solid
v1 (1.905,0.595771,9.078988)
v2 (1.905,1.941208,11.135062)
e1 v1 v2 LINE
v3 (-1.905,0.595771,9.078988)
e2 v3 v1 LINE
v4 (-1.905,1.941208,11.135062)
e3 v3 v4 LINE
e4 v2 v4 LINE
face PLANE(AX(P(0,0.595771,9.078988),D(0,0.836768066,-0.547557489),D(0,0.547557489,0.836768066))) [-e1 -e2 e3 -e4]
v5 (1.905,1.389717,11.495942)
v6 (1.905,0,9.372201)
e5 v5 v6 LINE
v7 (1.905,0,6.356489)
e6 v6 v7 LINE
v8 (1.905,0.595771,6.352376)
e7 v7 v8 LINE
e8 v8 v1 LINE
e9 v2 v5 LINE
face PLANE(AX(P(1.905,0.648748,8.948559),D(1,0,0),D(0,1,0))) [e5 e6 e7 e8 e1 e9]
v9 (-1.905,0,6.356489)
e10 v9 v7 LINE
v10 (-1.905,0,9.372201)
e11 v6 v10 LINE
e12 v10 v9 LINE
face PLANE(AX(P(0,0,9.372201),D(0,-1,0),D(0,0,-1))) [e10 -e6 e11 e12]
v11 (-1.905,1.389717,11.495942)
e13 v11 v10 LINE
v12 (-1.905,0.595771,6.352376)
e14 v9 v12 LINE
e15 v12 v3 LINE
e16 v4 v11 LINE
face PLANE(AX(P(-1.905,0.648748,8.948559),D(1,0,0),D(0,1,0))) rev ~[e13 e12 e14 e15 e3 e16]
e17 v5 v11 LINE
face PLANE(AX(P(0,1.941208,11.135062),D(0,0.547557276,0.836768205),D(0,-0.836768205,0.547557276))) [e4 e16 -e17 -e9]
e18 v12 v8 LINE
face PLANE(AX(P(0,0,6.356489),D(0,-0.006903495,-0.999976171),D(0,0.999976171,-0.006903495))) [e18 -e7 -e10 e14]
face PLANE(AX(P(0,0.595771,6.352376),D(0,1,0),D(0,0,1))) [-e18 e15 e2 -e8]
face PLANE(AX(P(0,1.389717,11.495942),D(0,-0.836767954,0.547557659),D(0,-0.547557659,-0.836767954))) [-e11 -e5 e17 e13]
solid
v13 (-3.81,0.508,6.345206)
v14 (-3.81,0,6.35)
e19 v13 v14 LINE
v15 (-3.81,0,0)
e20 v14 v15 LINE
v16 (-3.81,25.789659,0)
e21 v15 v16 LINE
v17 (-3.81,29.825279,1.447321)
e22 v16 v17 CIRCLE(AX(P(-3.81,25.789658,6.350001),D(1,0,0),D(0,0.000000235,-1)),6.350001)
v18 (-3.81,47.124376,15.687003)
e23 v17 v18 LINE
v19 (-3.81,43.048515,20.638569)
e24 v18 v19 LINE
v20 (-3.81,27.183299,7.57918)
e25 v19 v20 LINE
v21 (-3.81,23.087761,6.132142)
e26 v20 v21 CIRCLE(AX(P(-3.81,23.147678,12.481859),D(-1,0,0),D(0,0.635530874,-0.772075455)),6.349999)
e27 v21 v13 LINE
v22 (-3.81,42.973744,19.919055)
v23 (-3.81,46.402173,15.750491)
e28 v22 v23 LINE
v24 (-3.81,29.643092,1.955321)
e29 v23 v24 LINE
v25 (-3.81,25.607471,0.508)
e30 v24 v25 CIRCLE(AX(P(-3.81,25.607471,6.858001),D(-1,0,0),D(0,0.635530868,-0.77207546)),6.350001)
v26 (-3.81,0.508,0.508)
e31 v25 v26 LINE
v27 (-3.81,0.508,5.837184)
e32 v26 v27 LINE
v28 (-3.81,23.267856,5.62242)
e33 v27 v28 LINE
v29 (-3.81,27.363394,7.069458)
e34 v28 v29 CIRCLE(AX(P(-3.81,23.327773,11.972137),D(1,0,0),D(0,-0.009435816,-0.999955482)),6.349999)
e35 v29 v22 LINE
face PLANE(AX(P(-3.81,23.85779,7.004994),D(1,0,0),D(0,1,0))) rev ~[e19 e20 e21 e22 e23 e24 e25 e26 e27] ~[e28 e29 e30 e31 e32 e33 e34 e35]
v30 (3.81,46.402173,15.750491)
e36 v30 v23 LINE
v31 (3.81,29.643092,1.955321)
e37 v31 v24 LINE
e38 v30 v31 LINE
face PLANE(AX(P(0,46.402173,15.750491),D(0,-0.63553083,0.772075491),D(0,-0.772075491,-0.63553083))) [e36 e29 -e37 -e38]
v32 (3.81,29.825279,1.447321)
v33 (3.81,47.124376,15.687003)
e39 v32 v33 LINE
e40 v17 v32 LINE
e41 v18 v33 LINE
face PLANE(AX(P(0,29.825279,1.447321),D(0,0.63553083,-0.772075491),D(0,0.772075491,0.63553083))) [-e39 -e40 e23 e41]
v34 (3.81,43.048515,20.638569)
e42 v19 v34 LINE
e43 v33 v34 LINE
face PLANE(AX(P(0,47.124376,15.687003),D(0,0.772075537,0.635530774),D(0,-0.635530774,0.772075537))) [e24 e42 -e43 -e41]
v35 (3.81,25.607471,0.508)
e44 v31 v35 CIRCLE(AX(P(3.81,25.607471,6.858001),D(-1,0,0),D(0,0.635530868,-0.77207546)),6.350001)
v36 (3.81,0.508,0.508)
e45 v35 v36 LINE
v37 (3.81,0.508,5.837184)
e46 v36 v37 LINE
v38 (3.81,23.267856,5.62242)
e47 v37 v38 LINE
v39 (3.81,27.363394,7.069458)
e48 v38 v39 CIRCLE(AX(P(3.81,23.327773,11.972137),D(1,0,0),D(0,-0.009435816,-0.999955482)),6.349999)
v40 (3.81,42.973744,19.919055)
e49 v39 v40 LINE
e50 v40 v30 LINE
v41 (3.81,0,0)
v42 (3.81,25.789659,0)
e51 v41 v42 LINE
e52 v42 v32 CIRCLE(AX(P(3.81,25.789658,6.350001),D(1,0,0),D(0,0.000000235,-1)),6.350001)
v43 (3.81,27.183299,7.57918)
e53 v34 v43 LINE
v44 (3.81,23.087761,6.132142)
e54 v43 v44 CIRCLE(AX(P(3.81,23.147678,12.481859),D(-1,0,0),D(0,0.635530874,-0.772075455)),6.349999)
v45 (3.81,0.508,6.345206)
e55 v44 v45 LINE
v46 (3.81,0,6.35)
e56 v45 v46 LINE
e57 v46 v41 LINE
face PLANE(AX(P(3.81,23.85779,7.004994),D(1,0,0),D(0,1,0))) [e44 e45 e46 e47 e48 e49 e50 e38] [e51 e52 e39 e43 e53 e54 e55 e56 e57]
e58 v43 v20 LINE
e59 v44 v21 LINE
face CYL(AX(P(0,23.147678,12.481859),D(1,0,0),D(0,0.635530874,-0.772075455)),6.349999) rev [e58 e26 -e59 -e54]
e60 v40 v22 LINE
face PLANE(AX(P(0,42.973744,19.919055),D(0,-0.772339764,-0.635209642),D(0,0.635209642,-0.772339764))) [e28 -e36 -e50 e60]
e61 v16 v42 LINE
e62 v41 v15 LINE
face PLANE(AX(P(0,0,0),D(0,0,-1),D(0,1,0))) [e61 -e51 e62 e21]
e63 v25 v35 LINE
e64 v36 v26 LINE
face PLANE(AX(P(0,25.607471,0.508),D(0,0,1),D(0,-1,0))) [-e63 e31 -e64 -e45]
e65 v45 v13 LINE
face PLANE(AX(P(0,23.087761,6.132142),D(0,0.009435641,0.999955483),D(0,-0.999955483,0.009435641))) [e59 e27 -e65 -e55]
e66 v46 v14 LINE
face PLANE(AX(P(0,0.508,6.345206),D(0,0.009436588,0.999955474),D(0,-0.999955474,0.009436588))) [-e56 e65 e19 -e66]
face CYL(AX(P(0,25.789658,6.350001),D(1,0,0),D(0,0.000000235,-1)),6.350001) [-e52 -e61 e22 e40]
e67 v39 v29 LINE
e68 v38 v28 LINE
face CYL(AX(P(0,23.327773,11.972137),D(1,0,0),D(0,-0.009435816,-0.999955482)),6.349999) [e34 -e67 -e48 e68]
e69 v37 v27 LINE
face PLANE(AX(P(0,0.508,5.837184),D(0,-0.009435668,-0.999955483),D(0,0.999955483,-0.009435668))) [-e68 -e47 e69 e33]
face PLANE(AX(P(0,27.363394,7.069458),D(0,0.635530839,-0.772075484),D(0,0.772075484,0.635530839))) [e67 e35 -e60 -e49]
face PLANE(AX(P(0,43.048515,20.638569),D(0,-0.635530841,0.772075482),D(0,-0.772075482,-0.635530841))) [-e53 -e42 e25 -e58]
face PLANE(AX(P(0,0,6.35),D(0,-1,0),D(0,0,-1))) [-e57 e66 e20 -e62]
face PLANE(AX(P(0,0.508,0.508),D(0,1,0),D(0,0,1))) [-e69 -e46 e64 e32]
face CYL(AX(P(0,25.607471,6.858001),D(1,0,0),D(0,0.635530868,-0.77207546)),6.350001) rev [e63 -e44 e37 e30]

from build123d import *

# Parameters (mm, degrees)
F1_DEPTH = 3.81
F3_DEPTH = 1.905


with BuildPart() as f1:
    # F0 (on Right) → F1 (new body, symmetric)
    with BuildSketch(Plane.YZ):
        with BuildLine():
            Line((0, 5.841977), (0, 0))
            Line((0, 0), (25.789659, 0))
            ThreePointArc((25.789659, 0), (27.93331, 0.372772), (29.825279, 1.447321))
            Line((29.825279, 1.447321), (47.124376, 15.687003))
            Line((47.124376, 15.687003), (43.048515, 20.638569))
            Line((43.048515, 20.638569), (27.183299, 7.57918))
            ThreePointArc((27.183299, 7.57918), (25.263106, 6.494584), (23.087761, 6.132142))
            Line((23.087761, 6.132142), (0.508, 6.345206))
            Line((0.508, 6.345206), (0, 6.35))
            Line((0, 6.35), (0, 5.841977))
        make_face()
        with BuildLine():
            Line((25.607471, 0.508), (0.508, 0.508))
            Line((0.508, 0.508), (0.508, 5.837184))
            Line((0.508, 5.837184), (23.267856, 5.62242))
            ThreePointArc((23.267856, 5.62242), (25.443201, 5.984862), (27.363394, 7.069458))
            Line((27.363394, 7.069458), (42.973744, 19.919055))
            Line((42.973744, 19.919055), (46.402173, 15.750491))
            Line((46.402173, 15.750491), (29.643092, 1.955321))
            ThreePointArc((29.643092, 1.955321), (27.751123, 0.880772), (25.607471, 0.508))
        make_face(mode=Mode.SUBTRACT)
    extrude(amount=F1_DEPTH, both=True)


with BuildPart() as f3:
    # F2 (on Right) → F3 (new body, symmetric)
    with BuildSketch(Plane.YZ):
        Polygon((0, 9.372201), (0, 6.356489), (0.595771, 6.352376), (0.595771, 9.078988), (1.941208, 11.135062), (1.389717, 11.495942), align=None)
    extrude(amount=F3_DEPTH, both=True)


solid = Compound([f1.part, f3.part])
